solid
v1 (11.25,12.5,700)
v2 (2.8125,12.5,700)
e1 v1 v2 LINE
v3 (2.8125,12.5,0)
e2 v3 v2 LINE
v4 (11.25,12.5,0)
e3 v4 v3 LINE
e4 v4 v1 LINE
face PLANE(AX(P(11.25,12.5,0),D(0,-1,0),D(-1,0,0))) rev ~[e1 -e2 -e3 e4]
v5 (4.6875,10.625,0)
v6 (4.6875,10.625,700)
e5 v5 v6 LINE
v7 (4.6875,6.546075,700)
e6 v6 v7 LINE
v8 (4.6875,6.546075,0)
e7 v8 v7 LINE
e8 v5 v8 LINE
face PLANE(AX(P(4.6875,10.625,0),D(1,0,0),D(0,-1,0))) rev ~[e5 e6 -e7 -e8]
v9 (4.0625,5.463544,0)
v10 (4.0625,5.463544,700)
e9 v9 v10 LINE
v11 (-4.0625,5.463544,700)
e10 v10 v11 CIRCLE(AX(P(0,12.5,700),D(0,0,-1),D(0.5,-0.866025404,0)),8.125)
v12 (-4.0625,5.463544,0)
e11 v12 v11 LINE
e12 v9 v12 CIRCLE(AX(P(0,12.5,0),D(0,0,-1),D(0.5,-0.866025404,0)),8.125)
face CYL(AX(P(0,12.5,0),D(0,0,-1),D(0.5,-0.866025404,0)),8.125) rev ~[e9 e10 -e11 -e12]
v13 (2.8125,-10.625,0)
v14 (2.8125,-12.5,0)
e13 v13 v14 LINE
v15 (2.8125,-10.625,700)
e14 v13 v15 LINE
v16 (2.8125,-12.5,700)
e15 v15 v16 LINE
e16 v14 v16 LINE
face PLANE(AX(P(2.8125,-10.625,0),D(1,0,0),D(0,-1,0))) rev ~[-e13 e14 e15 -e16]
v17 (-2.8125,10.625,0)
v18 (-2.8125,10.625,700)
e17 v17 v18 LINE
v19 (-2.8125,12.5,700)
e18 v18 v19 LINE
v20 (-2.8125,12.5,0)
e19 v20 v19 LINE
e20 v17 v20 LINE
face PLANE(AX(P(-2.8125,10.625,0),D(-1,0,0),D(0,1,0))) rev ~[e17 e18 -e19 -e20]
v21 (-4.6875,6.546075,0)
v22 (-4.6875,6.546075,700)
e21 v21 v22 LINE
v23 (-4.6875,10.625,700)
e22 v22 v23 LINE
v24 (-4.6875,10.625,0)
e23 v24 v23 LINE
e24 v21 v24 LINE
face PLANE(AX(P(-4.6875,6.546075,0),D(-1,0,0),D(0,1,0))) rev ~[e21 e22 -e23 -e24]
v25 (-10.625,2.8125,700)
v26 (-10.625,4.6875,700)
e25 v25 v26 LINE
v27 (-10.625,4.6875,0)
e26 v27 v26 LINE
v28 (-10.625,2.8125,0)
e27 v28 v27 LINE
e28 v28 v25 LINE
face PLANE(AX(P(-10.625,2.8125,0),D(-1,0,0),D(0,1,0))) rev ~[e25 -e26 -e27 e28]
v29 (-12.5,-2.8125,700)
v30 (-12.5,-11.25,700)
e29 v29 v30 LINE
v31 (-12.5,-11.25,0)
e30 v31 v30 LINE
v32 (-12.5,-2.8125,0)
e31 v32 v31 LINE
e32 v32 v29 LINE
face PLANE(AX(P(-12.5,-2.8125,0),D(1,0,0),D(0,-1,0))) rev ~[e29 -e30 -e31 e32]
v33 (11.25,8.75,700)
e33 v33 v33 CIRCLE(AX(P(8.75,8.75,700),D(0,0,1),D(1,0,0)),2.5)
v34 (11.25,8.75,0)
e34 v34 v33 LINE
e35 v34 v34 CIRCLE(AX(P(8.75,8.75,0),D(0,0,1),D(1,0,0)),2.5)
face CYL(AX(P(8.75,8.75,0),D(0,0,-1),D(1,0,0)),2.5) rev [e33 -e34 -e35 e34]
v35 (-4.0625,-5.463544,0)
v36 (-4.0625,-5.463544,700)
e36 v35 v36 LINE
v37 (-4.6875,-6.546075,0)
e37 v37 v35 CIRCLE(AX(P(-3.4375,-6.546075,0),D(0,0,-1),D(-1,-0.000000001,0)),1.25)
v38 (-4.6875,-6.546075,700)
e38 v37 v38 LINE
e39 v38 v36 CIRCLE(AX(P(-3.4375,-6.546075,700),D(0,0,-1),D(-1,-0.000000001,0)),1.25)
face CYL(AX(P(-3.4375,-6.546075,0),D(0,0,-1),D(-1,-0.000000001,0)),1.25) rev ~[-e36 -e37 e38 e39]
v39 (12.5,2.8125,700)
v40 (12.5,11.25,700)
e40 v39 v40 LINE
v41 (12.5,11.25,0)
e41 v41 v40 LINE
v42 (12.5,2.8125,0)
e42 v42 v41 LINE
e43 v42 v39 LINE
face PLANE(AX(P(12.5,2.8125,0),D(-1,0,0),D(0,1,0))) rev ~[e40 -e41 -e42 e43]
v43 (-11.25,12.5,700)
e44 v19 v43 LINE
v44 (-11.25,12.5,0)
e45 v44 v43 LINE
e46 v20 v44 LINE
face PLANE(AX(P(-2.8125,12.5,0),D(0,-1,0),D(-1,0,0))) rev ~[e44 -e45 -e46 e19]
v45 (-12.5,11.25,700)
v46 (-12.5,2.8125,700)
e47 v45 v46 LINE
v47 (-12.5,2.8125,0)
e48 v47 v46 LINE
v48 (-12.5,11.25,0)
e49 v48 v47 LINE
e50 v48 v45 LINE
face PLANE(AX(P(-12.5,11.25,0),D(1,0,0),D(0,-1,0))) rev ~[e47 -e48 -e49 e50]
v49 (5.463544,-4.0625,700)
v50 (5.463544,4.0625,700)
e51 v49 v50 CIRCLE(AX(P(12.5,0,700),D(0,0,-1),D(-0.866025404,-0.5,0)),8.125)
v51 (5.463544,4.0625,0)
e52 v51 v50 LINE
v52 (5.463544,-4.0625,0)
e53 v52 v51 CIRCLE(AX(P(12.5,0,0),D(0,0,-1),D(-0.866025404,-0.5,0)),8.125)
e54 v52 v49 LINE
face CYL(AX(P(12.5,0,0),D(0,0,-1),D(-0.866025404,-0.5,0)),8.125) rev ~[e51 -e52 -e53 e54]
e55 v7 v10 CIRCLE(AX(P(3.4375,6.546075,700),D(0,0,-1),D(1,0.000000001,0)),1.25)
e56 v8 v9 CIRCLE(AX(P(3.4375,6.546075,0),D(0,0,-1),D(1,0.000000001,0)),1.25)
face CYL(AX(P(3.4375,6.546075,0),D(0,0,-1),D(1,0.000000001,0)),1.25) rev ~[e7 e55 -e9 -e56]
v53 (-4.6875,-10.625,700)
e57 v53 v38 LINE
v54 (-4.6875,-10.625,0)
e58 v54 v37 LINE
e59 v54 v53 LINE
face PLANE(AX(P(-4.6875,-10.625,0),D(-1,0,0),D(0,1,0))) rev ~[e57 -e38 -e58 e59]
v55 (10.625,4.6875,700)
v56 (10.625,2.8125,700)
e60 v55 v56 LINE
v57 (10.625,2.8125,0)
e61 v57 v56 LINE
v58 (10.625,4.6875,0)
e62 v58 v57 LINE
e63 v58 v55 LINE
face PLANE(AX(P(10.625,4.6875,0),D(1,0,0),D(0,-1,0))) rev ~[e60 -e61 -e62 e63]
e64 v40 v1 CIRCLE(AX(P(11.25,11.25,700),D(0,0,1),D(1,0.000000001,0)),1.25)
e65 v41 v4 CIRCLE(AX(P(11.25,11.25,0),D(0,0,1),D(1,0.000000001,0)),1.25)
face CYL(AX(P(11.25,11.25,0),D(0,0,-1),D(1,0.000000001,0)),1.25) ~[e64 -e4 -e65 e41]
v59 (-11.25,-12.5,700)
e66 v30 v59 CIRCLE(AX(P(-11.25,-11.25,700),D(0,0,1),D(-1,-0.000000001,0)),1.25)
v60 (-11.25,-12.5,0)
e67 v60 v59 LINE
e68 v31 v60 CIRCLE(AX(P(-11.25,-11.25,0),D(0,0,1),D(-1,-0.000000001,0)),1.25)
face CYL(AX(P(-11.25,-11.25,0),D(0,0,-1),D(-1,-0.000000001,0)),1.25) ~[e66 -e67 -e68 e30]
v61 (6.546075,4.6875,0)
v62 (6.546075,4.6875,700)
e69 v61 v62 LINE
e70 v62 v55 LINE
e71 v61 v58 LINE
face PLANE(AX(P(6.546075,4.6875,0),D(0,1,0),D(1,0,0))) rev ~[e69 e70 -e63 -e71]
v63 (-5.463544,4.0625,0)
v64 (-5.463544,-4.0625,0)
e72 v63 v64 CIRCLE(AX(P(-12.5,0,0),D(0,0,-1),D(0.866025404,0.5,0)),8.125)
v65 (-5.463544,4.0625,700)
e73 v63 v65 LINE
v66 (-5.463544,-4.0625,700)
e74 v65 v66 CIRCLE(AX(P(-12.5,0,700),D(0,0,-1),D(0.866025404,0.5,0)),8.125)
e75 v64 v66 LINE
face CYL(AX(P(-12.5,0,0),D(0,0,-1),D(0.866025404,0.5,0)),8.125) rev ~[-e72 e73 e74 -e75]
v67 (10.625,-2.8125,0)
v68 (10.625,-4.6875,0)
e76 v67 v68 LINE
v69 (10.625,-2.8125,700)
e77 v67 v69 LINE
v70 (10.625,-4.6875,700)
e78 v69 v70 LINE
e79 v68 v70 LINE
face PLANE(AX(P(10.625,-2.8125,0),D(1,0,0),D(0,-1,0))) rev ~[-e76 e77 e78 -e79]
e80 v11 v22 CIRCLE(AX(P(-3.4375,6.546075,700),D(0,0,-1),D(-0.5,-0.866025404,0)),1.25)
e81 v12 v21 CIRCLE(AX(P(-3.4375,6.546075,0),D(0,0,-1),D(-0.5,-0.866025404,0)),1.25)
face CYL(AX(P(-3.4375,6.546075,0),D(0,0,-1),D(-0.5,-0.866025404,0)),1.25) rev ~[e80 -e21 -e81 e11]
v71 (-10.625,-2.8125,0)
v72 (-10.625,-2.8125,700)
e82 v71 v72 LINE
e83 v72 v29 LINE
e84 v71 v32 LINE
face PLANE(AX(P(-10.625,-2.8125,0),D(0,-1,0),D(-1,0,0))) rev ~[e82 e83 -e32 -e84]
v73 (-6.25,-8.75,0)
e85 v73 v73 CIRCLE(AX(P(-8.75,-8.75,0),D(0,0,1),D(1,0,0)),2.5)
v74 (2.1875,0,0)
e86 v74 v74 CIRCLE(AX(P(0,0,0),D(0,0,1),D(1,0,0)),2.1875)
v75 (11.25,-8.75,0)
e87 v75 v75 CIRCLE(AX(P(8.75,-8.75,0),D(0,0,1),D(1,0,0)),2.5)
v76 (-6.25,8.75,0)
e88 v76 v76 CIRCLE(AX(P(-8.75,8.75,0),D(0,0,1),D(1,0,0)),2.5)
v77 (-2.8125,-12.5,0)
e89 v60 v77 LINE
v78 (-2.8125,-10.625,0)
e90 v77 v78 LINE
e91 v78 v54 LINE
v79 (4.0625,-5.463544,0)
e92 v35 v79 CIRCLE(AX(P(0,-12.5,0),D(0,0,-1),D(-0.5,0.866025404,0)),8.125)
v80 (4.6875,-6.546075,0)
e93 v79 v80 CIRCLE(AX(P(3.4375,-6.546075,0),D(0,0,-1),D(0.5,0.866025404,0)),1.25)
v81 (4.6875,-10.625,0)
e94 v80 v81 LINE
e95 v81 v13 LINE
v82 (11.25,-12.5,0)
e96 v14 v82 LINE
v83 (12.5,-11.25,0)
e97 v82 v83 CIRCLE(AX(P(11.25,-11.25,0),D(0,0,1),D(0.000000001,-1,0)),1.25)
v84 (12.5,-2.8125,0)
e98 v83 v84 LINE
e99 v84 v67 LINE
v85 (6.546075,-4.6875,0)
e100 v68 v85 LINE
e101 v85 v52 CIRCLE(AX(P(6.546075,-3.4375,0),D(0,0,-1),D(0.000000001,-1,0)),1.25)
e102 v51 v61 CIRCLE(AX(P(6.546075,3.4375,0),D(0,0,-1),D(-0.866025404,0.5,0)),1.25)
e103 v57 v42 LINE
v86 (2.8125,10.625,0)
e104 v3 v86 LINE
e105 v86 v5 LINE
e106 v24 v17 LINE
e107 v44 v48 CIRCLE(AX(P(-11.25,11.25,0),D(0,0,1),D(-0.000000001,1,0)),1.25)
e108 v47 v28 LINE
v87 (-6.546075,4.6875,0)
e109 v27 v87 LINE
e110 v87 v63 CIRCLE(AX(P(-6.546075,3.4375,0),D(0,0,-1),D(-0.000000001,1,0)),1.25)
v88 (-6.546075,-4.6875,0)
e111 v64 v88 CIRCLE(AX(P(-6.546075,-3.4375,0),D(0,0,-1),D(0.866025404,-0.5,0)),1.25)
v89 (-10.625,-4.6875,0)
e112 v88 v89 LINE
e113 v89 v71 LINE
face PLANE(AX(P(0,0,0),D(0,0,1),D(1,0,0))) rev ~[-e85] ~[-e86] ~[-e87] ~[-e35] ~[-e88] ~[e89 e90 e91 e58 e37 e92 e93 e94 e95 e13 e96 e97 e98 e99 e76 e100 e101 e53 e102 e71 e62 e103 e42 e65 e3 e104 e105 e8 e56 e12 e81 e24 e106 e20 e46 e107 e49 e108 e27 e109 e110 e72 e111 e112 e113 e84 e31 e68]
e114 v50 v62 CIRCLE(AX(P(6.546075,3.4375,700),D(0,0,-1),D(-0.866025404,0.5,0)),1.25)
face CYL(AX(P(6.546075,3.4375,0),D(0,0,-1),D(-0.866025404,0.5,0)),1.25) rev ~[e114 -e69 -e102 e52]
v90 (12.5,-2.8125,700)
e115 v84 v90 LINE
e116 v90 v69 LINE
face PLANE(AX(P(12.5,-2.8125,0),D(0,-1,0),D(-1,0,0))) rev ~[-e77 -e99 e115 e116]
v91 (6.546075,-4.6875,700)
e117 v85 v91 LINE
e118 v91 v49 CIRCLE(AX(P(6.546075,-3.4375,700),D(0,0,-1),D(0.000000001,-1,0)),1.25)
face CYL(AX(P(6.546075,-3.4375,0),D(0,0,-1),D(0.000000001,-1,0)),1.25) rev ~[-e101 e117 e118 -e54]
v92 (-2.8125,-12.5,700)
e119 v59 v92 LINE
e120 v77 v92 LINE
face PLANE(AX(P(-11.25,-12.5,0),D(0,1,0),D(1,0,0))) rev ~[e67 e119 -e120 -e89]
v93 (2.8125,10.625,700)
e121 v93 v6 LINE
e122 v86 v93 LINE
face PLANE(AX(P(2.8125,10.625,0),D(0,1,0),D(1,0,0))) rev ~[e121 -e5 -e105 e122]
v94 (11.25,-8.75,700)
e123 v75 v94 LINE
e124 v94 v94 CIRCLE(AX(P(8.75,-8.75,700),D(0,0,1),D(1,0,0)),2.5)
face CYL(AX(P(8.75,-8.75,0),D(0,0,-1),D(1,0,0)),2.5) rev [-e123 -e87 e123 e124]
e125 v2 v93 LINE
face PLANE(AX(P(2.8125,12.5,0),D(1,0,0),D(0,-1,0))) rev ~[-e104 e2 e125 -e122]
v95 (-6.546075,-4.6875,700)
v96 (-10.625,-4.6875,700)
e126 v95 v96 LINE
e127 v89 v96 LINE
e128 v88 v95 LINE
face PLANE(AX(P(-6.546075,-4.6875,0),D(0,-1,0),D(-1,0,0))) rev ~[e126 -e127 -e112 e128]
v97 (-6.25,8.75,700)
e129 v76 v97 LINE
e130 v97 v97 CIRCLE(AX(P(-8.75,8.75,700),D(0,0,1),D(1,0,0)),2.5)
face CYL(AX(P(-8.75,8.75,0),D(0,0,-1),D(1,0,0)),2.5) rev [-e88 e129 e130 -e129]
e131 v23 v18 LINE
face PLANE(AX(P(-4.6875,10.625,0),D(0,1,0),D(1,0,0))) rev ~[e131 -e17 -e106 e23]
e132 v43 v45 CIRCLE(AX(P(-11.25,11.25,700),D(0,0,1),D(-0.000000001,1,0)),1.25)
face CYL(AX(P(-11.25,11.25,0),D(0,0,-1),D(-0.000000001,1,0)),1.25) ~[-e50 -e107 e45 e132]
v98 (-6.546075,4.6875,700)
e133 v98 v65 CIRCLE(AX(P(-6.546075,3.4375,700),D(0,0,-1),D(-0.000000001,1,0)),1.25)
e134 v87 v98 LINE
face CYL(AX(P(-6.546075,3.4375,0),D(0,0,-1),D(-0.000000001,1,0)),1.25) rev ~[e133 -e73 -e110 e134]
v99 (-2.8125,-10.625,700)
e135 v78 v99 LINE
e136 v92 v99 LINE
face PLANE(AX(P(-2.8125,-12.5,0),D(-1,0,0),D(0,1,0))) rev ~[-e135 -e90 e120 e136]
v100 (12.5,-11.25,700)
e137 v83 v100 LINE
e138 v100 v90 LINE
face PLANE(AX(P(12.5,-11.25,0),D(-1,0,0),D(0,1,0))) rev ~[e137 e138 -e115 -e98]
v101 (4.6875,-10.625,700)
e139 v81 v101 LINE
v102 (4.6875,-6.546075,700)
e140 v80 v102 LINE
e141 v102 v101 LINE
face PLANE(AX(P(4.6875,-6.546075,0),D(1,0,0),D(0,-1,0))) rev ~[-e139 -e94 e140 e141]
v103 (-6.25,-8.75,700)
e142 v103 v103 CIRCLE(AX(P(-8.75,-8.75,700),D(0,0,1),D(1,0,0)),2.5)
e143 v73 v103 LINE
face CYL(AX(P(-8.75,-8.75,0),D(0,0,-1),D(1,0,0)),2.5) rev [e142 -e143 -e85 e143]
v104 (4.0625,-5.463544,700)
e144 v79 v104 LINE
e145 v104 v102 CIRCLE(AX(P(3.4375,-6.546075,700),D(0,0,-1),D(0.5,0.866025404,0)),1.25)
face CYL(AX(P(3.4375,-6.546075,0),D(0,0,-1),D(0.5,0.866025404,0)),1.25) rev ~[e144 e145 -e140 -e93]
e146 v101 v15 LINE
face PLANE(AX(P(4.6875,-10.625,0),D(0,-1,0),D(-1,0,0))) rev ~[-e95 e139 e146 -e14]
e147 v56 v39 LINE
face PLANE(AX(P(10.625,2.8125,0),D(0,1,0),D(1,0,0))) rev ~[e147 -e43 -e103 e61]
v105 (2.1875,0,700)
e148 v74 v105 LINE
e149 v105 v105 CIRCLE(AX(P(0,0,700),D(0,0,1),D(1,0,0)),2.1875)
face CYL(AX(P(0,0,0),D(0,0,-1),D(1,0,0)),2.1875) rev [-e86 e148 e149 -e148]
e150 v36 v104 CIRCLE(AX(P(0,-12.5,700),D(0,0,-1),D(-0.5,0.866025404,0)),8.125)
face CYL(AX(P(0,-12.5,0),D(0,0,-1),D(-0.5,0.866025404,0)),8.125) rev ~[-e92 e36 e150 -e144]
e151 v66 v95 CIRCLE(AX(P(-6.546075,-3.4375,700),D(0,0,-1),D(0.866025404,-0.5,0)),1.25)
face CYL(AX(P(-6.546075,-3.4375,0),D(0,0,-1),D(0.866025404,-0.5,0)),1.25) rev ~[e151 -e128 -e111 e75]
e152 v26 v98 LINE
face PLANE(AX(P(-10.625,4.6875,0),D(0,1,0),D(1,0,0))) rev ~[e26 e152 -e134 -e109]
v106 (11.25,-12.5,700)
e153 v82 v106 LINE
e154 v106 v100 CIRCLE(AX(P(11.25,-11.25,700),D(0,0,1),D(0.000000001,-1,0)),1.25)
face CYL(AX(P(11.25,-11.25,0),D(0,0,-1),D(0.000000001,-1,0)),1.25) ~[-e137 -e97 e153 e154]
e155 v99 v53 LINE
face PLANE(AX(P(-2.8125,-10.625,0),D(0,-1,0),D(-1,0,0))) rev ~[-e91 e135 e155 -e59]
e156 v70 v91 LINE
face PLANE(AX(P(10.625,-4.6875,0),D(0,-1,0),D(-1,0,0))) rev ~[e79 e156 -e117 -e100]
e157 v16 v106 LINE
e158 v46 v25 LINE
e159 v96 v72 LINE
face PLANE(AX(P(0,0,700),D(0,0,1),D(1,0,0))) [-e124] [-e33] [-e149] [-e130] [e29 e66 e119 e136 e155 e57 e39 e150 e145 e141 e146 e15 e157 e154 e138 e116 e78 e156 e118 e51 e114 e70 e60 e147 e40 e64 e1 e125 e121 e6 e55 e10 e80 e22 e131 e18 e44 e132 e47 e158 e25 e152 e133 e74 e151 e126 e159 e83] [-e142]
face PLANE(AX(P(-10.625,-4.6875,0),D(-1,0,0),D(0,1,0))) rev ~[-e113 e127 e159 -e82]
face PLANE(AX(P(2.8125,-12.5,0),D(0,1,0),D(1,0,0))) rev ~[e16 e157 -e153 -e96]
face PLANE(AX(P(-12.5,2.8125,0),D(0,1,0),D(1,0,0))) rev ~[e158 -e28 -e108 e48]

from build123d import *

# Parameters (mm, degrees)
SKETCH1_R           = 2.5
SKETCH1_R_2         = 2.1875
BOSS_EXTRUDE1_DEPTH = 700


with BuildPart() as part:
    # Sketch1 → Boss-Extrude1 (new body)
    with BuildSketch(Plane.XY):
        with BuildLine():
            Line((-12.5, 11.25), (-12.5, 2.8125))
            Line((-12.5, 2.8125), (-10.625, 2.8125))
            Line((-10.625, 2.8125), (-10.625, 4.6875))
            Line((-10.625, 4.6875), (-6.546075349, 4.6875))
            ThreePointArc((-6.546075349, 4.6875), (-5.921075349, 4.520031755), (-5.463543594, 4.0625))
            ThreePointArc((-5.463543594, 4.0625), (-4.375, 0), (-5.463543594, -4.0625))
            ThreePointArc((-5.463543594, -4.0625), (-5.921075349, -4.520031755), (-6.546075349, -4.6875))
            Line((-6.546075349, -4.6875), (-10.625, -4.6875))
            Line((-10.625, -4.6875), (-10.625, -2.8125))
            Line((-10.625, -2.8125), (-12.5, -2.8125))
            Line((-12.5, -2.8125), (-12.5, -11.25))
            ThreePointArc((-12.5, -11.25), (-12.133883476, -12.133883476), (-11.25, -12.5))
            Line((-11.25, -12.5), (-2.8125, -12.5))
            Line((-2.8125, -12.5), (-2.8125, -10.625))
            Line((-2.8125, -10.625), (-4.6875, -10.625))
            Line((-4.6875, -10.625), (-4.6875, -6.546075349))
            ThreePointArc((-4.6875, -6.546075349), (-4.520031755, -5.921075349), (-4.0625, -5.463543594))
            ThreePointArc((-4.0625, -5.463543594), (0, -4.375), (4.0625, -5.463543594))
            ThreePointArc((4.0625, -5.463543594), (4.520031755, -5.921075349), (4.6875, -6.546075349))
            Line((4.6875, -6.546075349), (4.6875, -10.625))
            Line((4.6875, -10.625), (2.8125, -10.625))
            Line((2.8125, -10.625), (2.8125, -12.5))
            Line((2.8125, -12.5), (11.25, -12.5))
            ThreePointArc((11.25, -12.5), (12.133883476, -12.133883476), (12.5, -11.25))
            Line((12.5, -11.25), (12.5, -2.8125))
            Line((12.5, -2.8125), (10.625, -2.8125))
            Line((10.625, -2.8125), (10.625, -4.6875))
            Line((10.625, -4.6875), (6.546075349, -4.6875))
            ThreePointArc((6.546075349, -4.6875), (5.921075349, -4.520031755), (5.463543594, -4.0625))
            ThreePointArc((5.463543594, -4.0625), (4.375, 0), (5.463543594, 4.0625))
            ThreePointArc((5.463543594, 4.0625), (5.921075349, 4.520031755), (6.546075349, 4.6875))
            Line((6.546075349, 4.6875), (10.625, 4.6875))
            Line((10.625, 4.6875), (10.625, 2.8125))
            Line((10.625, 2.8125), (12.5, 2.8125))
            Line((12.5, 2.8125), (12.5, 11.25))
            ThreePointArc((12.5, 11.25), (12.133883476, 12.133883476), (11.25, 12.5))
            Line((11.25, 12.5), (2.8125, 12.5))
            Line((2.8125, 12.5), (2.8125, 10.625))
            Line((2.8125, 10.625), (4.6875, 10.625))
            Line((4.6875, 10.625), (4.6875, 6.546075349))
            ThreePointArc((4.6875, 6.546075349), (4.520031755, 5.921075349), (4.0625, 5.463543594))
            ThreePointArc((4.0625, 5.463543594), (0, 4.375), (-4.0625, 5.463543594))
            ThreePointArc((-4.0625, 5.463543594), (-4.520031755, 5.921075349), (-4.6875, 6.546075349))
            Line((-4.6875, 6.546075349), (-4.6875, 10.625))
            Line((-4.6875, 10.625), (-2.8125, 10.625))
            Line((-2.8125, 10.625), (-2.8125, 12.5))
            Line((-2.8125, 12.5), (-11.25, 12.5))
            ThreePointArc((-11.25, 12.5), (-12.133883476, 12.133883476), (-12.5, 11.25))
        make_face()
        with Locations((-8.75, -8.75)):
            Circle(SKETCH1_R, mode=Mode.SUBTRACT)
        with Locations((8.75, -8.75)):
            Circle(SKETCH1_R, mode=Mode.SUBTRACT)
        with Locations((8.75, 8.75)):
            Circle(SKETCH1_R, mode=Mode.SUBTRACT)
        Circle(SKETCH1_R_2, mode=Mode.SUBTRACT)
        with Locations((-8.75, 8.75)):
            Circle(SKETCH1_R, mode=Mode.SUBTRACT)
    extrude(amount=BOSS_EXTRUDE1_DEPTH)


solid = part.part
